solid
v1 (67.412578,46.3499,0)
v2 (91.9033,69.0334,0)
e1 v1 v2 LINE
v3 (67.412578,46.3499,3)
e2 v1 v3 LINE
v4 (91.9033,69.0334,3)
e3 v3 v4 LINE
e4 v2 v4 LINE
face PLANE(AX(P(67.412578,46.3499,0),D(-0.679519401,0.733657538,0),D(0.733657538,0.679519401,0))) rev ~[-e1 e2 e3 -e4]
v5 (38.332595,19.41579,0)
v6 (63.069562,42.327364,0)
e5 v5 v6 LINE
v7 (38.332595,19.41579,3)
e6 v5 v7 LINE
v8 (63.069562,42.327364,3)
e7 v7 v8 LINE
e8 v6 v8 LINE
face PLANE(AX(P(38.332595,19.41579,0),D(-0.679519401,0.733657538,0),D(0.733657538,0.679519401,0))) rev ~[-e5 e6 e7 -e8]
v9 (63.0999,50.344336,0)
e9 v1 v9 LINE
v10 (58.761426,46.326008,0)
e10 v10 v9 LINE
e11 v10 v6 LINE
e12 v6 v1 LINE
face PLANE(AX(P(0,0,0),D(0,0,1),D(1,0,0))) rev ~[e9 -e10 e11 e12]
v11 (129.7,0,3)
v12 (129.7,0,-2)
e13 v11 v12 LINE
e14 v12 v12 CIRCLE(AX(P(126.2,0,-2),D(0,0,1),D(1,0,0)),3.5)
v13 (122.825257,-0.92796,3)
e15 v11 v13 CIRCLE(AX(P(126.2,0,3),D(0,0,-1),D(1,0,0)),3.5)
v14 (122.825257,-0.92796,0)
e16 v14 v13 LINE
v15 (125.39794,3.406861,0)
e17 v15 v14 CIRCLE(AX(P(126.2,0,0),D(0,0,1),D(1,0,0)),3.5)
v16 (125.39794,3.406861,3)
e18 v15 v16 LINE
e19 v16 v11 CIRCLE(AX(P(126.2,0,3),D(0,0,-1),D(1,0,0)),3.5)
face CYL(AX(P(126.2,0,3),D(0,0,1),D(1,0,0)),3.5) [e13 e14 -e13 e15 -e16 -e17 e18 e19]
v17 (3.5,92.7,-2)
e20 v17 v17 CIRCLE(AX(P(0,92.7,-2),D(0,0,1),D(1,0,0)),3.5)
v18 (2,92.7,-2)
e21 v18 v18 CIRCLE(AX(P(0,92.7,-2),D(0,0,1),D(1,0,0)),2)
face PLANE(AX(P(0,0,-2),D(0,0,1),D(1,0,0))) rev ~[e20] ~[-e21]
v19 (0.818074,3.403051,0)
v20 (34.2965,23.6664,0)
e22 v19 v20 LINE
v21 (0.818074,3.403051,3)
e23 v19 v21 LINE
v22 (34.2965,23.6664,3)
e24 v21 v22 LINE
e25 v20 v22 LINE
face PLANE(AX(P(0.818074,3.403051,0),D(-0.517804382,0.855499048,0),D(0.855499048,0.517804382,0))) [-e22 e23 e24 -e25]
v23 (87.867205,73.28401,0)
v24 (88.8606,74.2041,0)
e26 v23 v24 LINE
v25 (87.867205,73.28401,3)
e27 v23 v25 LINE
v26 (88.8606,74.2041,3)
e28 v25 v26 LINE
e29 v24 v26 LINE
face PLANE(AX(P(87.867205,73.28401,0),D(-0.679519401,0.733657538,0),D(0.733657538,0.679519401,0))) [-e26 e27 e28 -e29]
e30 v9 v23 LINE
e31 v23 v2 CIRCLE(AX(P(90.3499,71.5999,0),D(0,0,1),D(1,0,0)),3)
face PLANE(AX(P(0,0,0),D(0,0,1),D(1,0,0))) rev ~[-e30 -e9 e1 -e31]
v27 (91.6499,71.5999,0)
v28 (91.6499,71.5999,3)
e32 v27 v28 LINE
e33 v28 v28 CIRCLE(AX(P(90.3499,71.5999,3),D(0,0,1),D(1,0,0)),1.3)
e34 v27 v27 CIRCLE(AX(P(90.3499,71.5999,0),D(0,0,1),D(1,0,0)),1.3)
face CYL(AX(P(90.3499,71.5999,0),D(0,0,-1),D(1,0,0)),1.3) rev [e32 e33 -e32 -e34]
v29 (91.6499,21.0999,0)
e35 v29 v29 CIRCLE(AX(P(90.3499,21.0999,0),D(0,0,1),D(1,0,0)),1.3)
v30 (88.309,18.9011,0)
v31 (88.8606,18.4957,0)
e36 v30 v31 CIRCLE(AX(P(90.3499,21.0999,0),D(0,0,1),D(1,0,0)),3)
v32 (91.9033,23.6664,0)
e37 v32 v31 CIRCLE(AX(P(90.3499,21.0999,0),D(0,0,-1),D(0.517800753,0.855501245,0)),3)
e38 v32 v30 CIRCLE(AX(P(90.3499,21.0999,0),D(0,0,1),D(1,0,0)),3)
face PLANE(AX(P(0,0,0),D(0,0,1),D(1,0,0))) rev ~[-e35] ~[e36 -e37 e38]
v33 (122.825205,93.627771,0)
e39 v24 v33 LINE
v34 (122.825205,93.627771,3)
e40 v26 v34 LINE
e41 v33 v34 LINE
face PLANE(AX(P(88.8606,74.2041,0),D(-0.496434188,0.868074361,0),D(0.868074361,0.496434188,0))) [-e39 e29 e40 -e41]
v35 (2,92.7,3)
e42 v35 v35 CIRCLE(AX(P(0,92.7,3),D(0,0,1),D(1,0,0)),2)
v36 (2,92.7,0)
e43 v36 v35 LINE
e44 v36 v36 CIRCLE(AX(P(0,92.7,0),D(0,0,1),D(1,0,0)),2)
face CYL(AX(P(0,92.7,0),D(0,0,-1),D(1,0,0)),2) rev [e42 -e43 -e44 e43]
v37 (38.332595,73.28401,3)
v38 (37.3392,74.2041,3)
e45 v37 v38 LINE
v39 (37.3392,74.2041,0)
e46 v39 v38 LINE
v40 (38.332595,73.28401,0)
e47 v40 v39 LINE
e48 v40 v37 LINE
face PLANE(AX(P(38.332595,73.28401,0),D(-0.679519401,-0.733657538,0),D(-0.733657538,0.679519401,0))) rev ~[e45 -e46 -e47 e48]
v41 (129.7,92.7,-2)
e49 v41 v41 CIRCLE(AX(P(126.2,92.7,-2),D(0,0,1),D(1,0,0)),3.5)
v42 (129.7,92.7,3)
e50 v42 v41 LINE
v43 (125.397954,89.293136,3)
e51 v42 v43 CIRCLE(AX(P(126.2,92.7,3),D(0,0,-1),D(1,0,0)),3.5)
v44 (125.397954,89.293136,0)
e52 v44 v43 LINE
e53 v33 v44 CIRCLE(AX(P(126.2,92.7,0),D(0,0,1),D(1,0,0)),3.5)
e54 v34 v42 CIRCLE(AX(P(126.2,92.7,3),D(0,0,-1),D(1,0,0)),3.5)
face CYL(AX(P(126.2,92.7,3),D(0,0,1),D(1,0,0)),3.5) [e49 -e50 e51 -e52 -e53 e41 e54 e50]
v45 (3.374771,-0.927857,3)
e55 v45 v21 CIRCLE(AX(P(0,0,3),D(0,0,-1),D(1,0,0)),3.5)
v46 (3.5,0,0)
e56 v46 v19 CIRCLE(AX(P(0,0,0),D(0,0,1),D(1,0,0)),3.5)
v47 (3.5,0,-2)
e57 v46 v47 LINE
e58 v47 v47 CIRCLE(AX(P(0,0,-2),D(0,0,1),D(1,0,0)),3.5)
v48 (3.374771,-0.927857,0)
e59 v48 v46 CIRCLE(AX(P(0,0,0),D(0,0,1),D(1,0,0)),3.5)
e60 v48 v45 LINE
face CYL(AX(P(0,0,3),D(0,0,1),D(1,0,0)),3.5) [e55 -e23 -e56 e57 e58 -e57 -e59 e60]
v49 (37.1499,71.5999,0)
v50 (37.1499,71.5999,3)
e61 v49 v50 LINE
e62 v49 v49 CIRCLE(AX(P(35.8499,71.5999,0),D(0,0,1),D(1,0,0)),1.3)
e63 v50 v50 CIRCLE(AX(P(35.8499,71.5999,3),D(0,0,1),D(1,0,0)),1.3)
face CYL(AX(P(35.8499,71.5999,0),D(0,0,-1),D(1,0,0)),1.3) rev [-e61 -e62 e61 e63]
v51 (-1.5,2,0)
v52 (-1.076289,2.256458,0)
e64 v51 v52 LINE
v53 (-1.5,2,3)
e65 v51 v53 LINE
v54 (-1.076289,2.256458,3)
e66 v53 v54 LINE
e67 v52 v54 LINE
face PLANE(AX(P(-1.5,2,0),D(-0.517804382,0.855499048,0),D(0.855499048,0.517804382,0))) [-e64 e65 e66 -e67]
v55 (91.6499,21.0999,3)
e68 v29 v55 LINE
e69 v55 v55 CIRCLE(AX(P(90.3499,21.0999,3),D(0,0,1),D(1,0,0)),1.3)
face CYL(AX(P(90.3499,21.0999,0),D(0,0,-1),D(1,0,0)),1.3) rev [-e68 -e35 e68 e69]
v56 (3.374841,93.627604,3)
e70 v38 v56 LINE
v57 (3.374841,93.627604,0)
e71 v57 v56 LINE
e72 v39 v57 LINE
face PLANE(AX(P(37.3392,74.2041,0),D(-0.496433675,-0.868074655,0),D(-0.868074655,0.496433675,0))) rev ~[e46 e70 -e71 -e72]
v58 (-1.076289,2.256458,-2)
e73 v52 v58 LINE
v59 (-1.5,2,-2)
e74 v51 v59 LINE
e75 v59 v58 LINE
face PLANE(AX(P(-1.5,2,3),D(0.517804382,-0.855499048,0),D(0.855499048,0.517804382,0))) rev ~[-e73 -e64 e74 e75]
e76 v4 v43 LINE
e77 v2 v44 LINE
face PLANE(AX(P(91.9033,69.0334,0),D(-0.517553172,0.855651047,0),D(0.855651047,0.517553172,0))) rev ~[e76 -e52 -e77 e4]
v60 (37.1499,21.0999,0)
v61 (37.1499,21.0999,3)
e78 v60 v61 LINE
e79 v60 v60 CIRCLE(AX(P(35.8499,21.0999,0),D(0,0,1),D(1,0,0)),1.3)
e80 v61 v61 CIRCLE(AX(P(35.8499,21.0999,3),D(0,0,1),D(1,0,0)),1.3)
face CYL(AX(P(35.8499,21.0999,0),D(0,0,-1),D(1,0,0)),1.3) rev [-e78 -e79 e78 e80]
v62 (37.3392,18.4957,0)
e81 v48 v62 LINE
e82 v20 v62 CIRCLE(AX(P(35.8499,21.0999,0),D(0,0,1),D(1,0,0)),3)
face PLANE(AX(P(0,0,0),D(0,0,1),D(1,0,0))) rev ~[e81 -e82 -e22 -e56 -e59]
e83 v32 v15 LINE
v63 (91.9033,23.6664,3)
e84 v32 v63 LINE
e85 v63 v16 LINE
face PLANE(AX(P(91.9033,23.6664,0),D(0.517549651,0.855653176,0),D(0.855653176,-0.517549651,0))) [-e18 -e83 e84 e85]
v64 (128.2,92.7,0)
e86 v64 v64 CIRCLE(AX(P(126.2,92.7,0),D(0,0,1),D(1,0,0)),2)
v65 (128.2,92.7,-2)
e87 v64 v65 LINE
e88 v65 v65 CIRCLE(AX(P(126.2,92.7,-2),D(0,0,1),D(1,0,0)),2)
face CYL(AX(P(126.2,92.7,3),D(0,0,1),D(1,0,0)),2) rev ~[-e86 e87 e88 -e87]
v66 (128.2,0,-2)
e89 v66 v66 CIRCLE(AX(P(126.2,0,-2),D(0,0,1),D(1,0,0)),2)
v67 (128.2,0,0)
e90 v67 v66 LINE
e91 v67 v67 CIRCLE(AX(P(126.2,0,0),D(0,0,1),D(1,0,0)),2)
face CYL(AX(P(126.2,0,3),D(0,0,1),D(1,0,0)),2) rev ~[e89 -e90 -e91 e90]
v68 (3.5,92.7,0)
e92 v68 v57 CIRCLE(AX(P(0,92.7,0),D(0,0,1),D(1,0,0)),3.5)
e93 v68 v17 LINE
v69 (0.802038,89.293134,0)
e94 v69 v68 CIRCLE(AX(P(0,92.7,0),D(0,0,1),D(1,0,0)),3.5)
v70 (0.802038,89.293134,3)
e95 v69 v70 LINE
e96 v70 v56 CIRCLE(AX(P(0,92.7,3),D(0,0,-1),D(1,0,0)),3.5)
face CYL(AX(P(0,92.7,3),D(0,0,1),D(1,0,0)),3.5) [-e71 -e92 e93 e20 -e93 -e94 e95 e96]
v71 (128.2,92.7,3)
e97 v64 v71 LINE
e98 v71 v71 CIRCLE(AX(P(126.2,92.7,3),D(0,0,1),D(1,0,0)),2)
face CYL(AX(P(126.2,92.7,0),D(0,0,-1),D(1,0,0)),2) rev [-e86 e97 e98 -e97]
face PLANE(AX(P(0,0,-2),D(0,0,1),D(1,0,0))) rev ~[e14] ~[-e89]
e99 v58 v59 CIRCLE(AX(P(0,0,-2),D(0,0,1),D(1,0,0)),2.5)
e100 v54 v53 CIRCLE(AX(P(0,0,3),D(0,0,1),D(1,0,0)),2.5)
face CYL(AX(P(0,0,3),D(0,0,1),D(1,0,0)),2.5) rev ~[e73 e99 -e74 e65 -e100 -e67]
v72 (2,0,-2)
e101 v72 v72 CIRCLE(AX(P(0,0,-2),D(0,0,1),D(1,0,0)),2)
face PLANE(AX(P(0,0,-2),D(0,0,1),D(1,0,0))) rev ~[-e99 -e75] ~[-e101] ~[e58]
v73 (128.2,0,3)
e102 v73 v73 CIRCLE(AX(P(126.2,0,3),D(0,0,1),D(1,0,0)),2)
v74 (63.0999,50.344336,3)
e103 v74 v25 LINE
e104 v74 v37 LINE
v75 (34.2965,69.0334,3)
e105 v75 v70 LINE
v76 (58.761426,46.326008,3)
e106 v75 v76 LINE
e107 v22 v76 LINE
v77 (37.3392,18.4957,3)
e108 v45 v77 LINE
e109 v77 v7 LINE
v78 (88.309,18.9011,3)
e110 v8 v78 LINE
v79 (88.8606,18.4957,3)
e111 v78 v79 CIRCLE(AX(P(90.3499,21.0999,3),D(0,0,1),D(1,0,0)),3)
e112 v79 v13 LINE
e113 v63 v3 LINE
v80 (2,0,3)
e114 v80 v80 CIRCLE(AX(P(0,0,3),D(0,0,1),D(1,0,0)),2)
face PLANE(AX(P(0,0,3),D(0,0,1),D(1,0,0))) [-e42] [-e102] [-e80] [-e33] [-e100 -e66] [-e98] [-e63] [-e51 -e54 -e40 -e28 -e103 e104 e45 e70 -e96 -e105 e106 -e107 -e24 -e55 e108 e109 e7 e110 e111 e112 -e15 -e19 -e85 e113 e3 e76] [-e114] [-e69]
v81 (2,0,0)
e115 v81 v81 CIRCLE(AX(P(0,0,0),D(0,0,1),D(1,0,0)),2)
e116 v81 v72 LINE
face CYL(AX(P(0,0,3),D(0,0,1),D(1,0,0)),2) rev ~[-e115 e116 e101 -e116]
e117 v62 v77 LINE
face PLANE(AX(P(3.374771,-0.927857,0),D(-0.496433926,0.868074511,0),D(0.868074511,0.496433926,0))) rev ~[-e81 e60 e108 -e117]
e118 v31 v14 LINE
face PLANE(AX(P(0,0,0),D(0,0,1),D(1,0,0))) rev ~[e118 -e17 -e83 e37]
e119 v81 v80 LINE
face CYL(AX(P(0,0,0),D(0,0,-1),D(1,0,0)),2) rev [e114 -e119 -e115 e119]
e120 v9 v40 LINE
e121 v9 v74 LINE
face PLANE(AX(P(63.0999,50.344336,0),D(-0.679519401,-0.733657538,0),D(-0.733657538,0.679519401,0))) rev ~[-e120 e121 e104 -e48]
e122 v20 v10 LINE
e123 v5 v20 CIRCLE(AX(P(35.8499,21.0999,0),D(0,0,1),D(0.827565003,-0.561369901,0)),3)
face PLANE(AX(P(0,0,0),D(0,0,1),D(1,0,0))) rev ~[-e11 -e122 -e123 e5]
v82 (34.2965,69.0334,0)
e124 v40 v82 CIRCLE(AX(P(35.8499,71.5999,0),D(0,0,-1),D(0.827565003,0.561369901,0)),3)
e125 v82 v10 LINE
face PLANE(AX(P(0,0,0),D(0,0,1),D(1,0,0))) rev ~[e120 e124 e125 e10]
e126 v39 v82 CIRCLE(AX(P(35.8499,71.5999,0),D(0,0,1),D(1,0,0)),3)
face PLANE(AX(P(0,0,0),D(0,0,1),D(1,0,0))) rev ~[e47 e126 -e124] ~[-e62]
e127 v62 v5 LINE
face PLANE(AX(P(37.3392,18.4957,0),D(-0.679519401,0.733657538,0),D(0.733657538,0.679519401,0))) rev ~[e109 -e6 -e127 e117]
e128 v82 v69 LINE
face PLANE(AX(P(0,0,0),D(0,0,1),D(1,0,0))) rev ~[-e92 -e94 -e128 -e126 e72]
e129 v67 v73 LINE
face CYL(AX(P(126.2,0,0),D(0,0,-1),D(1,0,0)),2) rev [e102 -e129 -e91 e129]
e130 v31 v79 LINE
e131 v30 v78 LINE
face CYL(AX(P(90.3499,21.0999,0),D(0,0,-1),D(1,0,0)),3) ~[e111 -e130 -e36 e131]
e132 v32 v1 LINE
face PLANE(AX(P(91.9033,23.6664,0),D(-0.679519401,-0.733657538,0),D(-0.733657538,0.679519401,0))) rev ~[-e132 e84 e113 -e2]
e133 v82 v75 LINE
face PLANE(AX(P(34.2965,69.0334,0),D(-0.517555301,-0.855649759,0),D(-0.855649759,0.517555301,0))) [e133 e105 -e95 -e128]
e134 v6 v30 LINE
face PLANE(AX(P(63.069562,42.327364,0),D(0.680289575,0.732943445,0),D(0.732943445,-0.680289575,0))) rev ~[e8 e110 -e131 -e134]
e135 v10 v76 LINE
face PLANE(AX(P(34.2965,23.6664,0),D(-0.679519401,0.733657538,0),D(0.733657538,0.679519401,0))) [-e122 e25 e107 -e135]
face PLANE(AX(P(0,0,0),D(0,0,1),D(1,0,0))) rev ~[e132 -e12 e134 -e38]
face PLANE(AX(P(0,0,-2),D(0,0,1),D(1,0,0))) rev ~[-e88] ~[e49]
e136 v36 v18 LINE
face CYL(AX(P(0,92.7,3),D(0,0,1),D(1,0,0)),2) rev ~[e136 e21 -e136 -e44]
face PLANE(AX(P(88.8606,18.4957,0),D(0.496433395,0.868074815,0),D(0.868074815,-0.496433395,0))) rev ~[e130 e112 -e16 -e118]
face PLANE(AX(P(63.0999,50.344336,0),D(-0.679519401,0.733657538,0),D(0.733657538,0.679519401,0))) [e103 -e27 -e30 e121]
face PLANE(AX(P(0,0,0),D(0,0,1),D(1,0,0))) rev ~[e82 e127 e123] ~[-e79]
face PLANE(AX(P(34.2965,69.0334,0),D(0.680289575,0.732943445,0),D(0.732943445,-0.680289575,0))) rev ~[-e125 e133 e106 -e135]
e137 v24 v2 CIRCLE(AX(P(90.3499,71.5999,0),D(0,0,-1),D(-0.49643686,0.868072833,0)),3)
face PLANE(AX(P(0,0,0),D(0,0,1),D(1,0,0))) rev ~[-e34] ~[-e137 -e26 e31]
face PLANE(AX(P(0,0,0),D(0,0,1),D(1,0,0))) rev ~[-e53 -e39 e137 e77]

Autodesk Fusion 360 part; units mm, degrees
sketch "Sketch1" plane through (0, 0, 0) normal (0, 0, 1) x (1, 0, 0)
  line L0 (0, 0) -> (126.2, 0) construction
  line L1 (126.2, 0) -> (126.2, 92.7) construction
  line L2 (126.2, 92.7) -> (0, 92.7) construction
  line L3 (0, 92.7) -> (0, 0) construction
  circle A0 centre (126.2, 0) radius 2
  circle A1 centre (126.2, 92.7) radius 2
  circle A2 centre (0, 92.7) radius 2
  circle A3 centre (0, 0) radius 2
  line L4 (0, 92.7) -> (-5, 92.7) construction
  line L5 (0, 92.7) -> (0, 97.7) construction
  line L6 (0, 97.7) -> (-5, 92.7) construction
  line L7 (126.2, 0) -> (131.2, 0) construction
  line L8 (126.2, 0) -> (126.2, -5) construction
  line L9 (126.2, -5) -> (131.2, 0) construction
  line L10 (-2.5, 95.2) -> (128.7, 95.2)
  line L11 (128.7, 95.2) -> (128.7, -2.5)
  line L12 (128.7, -2.5) -> (-2.5, -2.5)
  line L13 (-2.5, -2.5) -> (-2.5, 95.2)
  line L14 (35.8499, 71.5999) -> (90.3499, 71.5999) construction
  line L15 (90.3499, 71.5999) -> (90.3499, 21.0999) construction
  line L16 (90.3499, 21.0999) -> (35.8499, 21.0999) construction
  line L17 (35.8499, 21.0999) -> (35.8499, 71.5999) construction
  line L18 (126.2, 0) -> (0, 92.7) construction
  line L19 (126.2, 92.7) -> (0, 0) construction
  line L20 (35.8499, 71.5999) -> (90.3499, 21.0999) construction
  line L21 (90.3499, 71.5999) -> (35.8499, 21.0999) construction
  circle A4 centre (35.8499, 71.5999) radius 1.3
  circle A5 centre (90.3499, 71.5999) radius 1.3
  circle A6 centre (90.3499, 21.0999) radius 1.3
  circle A7 centre (35.8499, 21.0999) radius 1.3
  circle A8 centre (90.3499, 71.5999) radius 3
  circle A9 centre (35.8499, 71.5999) radius 3
  circle A10 centre (35.8499, 21.0999) radius 3
  circle A11 centre (90.3499, 21.0999) radius 3
  circle A12 centre (126.2, 0) radius 2.5
  circle A13 centre (126.2, 92.7) radius 2.5
  circle A14 centre (0, 92.7) radius 2.5
  circle A15 centre (0, 0) radius 2.5
  line L22 (-1.5, 2) -> (34.2965, 23.6664)
  line L23 (1.5, -2) -> (37.3392, 18.4957)
  line L24 (91.9033, 23.6664) -> (127.4939, 2.1391)
  line L25 (88.8606, 18.4957) -> (124.7009, -2.0006)
  line L26 (37.3392, 74.2041) -> (1.5012, 94.6991)
  line L27 (34.2965, 69.0334) -> (-1.2939, 90.5609)
  line L28 (91.9033, 69.0334) -> (127.4939, 90.5609)
  line L29 (88.8606, 74.2041) -> (124.6996, 94.6997)
  line L30 (37.3392, 18.4957) -> (91.9033, 69.0334)
  line L31 (34.2965, 23.6664) -> (88.8606, 74.2041)
  line L32 (34.2965, 69.0334) -> (88.309, 18.9011)
  line L33 (91.9033, 23.6664) -> (37.3392, 74.2041)
  circle A16 centre (0, 92.7) radius 3.5
  circle A17 centre (0, 0) radius 3.5
  circle A18 centre (126.2, 0) radius 3.5
  circle A19 centre (126.2, 92.7) radius 3.5
  point P0 (-2.5, 95.2)
  point P1 (128.7, -2.5)
  dimension "d1" = 126.2
  dimension "d2" = 92.7
  dimension "d3" = 4
  dimension "d4" = 4
  dimension "d5" = 4
  dimension "d6" = 4
  dimension "d7" = 5
  dimension "d8" = 5
  dimension "d9" = 5
  dimension "d10" = 5
  dimension "d11" = 54.5
  dimension "d12" = 50.5
  dimension "d13" = 2.6
  dimension "d14" = 2.6
  dimension "d15" = 2.6
  dimension "d16" = 2.6
  dimension "d17" = 6
  dimension "d18" = 6
  dimension "d19" = 6
  dimension "d20" = 6
  dimension "d25" = 7
  dimension "d26" = 7
  dimension "d27" = 7
  dimension "d28" = 7
extrude "Extrude1" add sketch "Sketch1" along normal blind 3 contours A14 | A14 L26 L27 A16 | A9 L26 L27 A16 | A13 | A8 L28 L29 A19 | A13 L28 L29 A19 | A9 L33 | A15 L22 | A15 L22 L23 A17 | A10 L22 L23 A17 | A9 L31 L32 L33 | A8 L31 | A10 L30 L31 L32 | A10 L30 | L30 L31 L32 L33 | A8 L30 L31 L33 | A11 L30 L32 L33 | A11 | A12 | A11 L24 L25 A18 | A12 L24 L25 A18 picked at (37.444, 73.3682) picked at (-1.1921, 1.9962) picked at (88.7557, 73.3682) picked at (37.444, 19.3316)
extrude "Extrude2" add sketch "Sketch1" along normal blind -2 and the other way blind -3 contours L10 A16 | L10 L13 A14 A16 | L13 A16 | L10 A14 L26 A16 | A14 | L13 A14 L27 A16 | A14 L26 L27 A16 | L10 A19 | L10 A13 L29 A19 | L13 A15 L22 A17 | L13 A17 | L10 L11 A13 A19 | A13 | A13 L28 L29 A19 | L12 L13 A15 A17 | A15 L22 | A15 L22 L23 A17 | L11 A19 | L11 A13 L28 A19 | L12 A15 L23 A17 | L12 A17 | L11 A18 | L11 A12 L24 A18 | L12 A12 L25 A18 | L12 A18 | A12 | L11 L12 A12 A18 | A12 L24 L25 A18 picked at (-1.1921, 1.9962)
thread "Thread1"
